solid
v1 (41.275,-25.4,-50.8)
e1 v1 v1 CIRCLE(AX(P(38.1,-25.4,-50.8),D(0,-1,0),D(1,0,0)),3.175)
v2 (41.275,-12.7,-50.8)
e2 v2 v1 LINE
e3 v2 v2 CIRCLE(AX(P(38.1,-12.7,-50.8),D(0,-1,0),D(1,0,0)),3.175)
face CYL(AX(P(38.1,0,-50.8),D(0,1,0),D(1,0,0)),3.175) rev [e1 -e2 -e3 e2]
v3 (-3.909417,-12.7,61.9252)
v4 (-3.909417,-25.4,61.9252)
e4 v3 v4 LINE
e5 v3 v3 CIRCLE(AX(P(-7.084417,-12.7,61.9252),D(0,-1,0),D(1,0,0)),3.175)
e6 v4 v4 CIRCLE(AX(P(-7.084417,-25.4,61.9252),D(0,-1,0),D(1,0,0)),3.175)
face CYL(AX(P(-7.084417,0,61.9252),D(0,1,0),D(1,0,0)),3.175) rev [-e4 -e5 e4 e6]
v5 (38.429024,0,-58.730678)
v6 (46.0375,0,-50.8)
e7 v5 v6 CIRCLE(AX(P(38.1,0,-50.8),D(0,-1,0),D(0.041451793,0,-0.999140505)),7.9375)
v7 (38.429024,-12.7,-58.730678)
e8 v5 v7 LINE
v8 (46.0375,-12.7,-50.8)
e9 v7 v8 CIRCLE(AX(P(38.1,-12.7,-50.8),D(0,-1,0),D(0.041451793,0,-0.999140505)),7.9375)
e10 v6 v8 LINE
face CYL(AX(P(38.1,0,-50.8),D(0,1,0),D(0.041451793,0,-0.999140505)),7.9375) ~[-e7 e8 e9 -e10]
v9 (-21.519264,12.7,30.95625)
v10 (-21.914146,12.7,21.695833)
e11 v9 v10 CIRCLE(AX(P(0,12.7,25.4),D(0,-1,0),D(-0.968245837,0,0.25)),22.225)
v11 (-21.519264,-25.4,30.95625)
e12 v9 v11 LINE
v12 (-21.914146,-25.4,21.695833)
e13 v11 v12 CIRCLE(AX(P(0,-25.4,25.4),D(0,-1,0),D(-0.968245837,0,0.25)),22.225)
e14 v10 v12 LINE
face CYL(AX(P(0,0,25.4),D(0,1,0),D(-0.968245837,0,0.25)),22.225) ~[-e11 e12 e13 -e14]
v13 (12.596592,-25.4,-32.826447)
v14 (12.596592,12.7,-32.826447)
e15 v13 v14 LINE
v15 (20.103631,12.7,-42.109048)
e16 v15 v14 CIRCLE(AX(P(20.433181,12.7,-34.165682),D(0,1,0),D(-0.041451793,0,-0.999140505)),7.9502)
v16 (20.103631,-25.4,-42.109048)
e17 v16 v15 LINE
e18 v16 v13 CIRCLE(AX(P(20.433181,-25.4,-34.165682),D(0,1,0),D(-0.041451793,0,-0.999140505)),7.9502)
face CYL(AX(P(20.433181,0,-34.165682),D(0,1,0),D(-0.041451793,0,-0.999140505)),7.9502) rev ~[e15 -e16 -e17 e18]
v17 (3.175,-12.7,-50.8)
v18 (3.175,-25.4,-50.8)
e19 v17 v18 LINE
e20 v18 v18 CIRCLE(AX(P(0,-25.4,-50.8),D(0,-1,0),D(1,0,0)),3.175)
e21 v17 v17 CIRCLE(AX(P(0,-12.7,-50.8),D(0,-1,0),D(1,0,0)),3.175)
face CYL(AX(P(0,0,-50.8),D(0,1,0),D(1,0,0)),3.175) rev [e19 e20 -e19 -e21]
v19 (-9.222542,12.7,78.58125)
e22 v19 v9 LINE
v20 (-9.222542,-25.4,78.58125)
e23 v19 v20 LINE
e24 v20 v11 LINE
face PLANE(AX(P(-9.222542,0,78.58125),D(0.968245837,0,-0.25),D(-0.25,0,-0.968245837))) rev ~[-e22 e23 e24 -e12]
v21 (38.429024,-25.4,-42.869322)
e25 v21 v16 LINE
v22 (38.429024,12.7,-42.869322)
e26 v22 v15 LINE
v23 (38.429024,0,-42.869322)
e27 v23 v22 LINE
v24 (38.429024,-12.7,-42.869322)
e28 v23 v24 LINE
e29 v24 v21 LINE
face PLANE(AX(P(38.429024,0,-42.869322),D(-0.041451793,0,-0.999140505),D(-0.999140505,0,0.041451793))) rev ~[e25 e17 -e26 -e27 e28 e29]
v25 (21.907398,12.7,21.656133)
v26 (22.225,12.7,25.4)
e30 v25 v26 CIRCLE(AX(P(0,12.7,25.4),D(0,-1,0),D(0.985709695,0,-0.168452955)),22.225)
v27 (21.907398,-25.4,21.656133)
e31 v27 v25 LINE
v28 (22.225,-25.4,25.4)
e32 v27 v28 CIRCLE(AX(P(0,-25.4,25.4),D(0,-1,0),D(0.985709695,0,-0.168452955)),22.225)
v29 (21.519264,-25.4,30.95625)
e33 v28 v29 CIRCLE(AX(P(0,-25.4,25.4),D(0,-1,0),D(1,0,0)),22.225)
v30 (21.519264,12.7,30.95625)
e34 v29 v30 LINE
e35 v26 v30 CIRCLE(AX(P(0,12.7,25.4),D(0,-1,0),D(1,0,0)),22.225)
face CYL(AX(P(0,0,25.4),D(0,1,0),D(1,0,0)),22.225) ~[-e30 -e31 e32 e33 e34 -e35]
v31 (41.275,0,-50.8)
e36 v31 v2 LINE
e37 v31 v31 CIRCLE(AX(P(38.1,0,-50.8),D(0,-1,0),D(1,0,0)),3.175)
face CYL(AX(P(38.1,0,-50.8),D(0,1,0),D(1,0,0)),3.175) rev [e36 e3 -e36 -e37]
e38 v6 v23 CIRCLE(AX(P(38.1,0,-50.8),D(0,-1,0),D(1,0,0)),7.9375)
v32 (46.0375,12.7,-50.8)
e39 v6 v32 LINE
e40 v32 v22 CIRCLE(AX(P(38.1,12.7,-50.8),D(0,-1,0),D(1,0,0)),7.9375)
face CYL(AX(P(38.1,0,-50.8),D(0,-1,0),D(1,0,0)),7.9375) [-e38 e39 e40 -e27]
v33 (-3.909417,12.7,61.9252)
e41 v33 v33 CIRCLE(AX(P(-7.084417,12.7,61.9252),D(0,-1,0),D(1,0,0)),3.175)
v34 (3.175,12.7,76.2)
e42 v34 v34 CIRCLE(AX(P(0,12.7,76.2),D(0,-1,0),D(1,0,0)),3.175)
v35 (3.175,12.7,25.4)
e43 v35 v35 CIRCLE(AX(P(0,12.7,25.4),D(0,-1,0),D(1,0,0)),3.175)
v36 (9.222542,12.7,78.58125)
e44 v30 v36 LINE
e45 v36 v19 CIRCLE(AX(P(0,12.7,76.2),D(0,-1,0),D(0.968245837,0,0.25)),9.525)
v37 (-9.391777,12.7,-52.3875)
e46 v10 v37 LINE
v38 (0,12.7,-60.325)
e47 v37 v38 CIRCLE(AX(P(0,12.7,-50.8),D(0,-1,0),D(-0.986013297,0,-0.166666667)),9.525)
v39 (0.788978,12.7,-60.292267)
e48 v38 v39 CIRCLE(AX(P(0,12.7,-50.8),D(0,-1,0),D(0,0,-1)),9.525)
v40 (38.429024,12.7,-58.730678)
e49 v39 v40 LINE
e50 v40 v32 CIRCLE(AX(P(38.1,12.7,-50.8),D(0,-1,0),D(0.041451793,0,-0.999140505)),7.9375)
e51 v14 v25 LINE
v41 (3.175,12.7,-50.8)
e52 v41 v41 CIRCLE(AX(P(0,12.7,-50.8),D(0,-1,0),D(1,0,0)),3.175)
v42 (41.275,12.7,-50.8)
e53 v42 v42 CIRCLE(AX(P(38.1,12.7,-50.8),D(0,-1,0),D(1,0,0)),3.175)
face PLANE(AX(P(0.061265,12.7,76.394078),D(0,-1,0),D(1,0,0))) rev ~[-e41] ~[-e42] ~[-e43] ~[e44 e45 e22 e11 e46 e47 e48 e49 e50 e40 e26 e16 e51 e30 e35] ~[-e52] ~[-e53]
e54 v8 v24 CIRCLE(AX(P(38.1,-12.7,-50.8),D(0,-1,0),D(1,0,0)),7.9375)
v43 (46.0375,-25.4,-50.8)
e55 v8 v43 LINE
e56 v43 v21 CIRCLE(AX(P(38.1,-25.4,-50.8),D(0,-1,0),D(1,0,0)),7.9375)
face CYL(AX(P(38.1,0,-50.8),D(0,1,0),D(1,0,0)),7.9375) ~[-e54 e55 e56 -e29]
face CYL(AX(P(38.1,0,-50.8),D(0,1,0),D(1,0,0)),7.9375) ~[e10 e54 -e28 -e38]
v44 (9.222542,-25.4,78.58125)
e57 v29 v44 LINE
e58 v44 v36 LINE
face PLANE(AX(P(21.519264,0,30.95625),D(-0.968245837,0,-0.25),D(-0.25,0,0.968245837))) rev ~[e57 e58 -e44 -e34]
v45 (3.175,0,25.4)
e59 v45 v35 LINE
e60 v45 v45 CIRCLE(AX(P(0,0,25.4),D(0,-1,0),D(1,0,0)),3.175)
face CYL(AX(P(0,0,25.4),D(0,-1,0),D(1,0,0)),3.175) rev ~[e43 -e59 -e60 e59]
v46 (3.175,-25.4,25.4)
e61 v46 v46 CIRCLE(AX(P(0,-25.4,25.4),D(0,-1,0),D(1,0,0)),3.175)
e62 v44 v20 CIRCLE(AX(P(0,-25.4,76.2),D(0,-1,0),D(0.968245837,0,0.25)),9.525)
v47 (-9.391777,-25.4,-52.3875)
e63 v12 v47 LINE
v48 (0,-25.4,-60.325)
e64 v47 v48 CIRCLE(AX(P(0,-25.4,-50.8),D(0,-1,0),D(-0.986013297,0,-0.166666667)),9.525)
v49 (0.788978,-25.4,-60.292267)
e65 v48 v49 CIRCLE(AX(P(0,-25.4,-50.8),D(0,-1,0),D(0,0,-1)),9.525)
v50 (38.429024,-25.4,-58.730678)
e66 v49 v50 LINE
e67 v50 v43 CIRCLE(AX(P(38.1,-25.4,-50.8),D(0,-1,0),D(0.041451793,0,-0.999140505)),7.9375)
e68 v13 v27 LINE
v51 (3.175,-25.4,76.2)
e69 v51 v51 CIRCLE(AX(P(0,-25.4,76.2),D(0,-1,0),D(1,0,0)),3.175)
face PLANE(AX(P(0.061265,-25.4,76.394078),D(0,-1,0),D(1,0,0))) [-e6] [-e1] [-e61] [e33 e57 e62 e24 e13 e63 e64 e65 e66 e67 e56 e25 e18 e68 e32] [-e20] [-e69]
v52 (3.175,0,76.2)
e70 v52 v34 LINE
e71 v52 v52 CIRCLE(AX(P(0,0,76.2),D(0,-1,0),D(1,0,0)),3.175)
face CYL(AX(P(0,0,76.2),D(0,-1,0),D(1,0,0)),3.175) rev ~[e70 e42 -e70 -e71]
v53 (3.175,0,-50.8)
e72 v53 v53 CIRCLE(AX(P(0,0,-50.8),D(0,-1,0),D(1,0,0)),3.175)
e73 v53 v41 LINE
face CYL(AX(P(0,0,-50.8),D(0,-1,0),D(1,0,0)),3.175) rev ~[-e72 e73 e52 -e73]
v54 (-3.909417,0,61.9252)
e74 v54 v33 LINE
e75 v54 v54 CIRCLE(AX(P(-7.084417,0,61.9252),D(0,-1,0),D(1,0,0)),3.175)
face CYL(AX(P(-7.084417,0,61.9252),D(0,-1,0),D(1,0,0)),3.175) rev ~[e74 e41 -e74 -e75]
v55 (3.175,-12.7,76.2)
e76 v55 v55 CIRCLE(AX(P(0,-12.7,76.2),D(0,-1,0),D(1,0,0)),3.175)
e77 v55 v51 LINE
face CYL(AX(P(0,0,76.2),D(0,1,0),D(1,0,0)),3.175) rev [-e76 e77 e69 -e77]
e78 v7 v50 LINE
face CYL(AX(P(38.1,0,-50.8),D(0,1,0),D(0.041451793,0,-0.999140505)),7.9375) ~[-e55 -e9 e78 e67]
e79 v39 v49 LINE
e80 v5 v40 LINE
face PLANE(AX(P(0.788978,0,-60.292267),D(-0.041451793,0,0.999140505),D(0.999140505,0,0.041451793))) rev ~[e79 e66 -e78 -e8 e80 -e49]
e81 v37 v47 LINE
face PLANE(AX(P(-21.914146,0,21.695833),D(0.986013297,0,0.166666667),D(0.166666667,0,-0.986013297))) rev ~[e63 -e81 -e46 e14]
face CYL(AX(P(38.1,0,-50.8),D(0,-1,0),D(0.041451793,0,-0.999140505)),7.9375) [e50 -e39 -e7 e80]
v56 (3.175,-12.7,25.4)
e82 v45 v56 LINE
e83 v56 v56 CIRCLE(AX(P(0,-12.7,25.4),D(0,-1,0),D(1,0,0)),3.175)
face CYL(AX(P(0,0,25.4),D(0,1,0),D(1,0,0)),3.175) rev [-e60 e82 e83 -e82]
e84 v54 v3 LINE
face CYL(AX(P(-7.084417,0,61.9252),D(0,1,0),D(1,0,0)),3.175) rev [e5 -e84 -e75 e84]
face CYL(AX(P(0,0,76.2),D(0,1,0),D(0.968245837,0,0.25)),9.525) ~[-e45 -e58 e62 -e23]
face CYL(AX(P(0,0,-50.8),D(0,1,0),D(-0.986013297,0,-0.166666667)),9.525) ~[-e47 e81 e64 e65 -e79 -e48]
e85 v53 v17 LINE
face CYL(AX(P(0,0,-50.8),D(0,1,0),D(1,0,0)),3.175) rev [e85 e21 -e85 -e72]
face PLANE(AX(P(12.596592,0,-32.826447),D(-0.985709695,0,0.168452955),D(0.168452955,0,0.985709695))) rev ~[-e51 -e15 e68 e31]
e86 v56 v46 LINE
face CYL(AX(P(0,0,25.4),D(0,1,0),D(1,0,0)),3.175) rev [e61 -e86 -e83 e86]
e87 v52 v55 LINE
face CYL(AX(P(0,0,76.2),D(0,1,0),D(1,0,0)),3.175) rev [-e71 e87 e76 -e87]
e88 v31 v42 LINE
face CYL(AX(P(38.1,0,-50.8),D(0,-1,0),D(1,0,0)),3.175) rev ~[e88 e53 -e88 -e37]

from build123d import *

# Parameters (mm, degrees)
F0_R     = 3.175
F1_DEPTH = 12.7
F2_DEPTH = 25.4


with BuildPart() as f1:
    # F0 (on Front) → F1 (new body, symmetric)
    with BuildSketch(Plane.XZ):
        with BuildLine():
            ThreePointArc((-9.2225415932, 78.58125), (-1.2001908859, 66.7509171431), (9.525, 76.2))
            ThreePointArc((9.525, 76.2), (9.4490828569, 77.4001908859), (9.2225415932, 78.58125))
            ThreePointArc((9.2225415932, 78.58125), (0, 85.725), (-9.2225415932, 78.58125))
        make_face()
        with Locations((0, 76.2)):
            Circle(F0_R, mode=Mode.SUBTRACT)
        with BuildLine():
            ThreePointArc((9.2225415932, 78.58125), (9.4490828569, 77.4001908859), (9.525, 76.2))
            ThreePointArc((9.525, 76.2), (-1.2001908859, 66.7509171431), (-9.2225415932, 78.58125))
            Line((-9.2225415932, 78.58125), (-21.5192637174, 30.95625))
            ThreePointArc((-21.5192637174, 30.95625), (0, 47.625), (21.5192637174, 30.95625))
            Line((21.5192637174, 30.95625), (9.2225415932, 78.58125))
        make_face()
        with Locations((-7.0844171569, 61.9252)):
            Circle(F0_R, mode=Mode.SUBTRACT)
        with BuildLine():
            ThreePointArc((22.225, 25.4), (22.0478599995, 28.2004454004), (21.5192637174, 30.95625))
            ThreePointArc((21.5192637174, 30.95625), (0, 47.625), (-21.5192637174, 30.95625))
            ThreePointArc((-21.5192637174, 30.95625), (-22.204821299, 26.3468558918), (-21.9141455299, 21.6958333333))
            ThreePointArc((-21.9141455299, 21.6958333333), (-0.0201347951, 3.1750091206), (21.9073979622, 21.6561330786))
            ThreePointArc((21.9073979622, 21.6561330786), (22.1454571494, 23.5213428613), (22.225, 25.4))
        make_face()
        with Locations((0, 25.4)):
            Circle(F0_R, mode=Mode.SUBTRACT)
        with BuildLine():
            ThreePointArc((21.9073979622, 21.6561330786), (-0.0201347951, 3.1750091206), (-21.9141455299, 21.6958333333))
            Line((-21.9141455299, 21.6958333333), (-9.3917766557, -52.3875))
            ThreePointArc((-9.3917766557, -52.3875), (-0.7965401292, -41.3083642704), (9.525, -50.8))
            ThreePointArc((9.525, -50.8), (7.0085890152, -57.2502174394), (0.7889779495, -60.2922673158))
            Line((0.7889779495, -60.2922673158), (38.4290236064, -58.730677759))
            ThreePointArc((38.4290236064, -58.730677759), (30.1625, -50.8), (38.4290236064, -42.869322241))
            Line((38.4290236064, -42.869322241), (20.1036312885, -42.1090484218))
            ThreePointArc((20.1036312885, -42.1090484218), (14.2515043463, -39.1649364905), (12.5965921187, -32.8264468968))
            Line((12.5965921187, -32.8264468968), (21.9073979622, 21.6561330786))
        make_face()
        with BuildLine():
            ThreePointArc((9.525, -50.8), (-0.7965401292, -41.3083642704), (-9.3917766557, -52.3875))
            ThreePointArc((-9.3917766557, -52.3875), (-6.1483610621, -58.0748389157), (0, -60.325))
            Line((0, -60.325), (0.7889779495, -60.2922673158))
            ThreePointArc((0.7889779495, -60.2922673158), (7.0085890152, -57.2502174394), (9.525, -50.8))
        make_face()
        with Locations((0, -50.8)):
            Circle(F0_R, mode=Mode.SUBTRACT)
        with BuildLine():
            Line((0.7889779495, -60.2922673158), (0, -60.325))
            ThreePointArc((0, -60.325), (0.3948283277, -60.3168133107), (0.7889779495, -60.2922673158))
        make_face()
        with BuildLine():
            ThreePointArc((46.0375, -50.8), (43.8278063482, -45.3048984826), (38.4290236064, -42.869322241))
            ThreePointArc((38.4290236064, -42.869322241), (30.1625, -50.8), (38.4290236064, -58.730677759))
            ThreePointArc((38.4290236064, -58.730677759), (43.8278063482, -56.2951015174), (46.0375, -50.8))
        make_face()
        with Locations((38.1, -50.8)):
            Circle(F0_R, mode=Mode.SUBTRACT)
    extrude(amount=F1_DEPTH, both=True)

    # F0 (on Front) → F2 (join)
    with BuildSketch(Plane.XZ):
        with BuildLine():
            ThreePointArc((-9.2225415932, 78.58125), (-1.2001908859, 66.7509171431), (9.525, 76.2))
            ThreePointArc((9.525, 76.2), (9.4490828569, 77.4001908859), (9.2225415932, 78.58125))
            ThreePointArc((9.2225415932, 78.58125), (0, 85.725), (-9.2225415932, 78.58125))
        make_face()
        with Locations((0, 76.2)):
            Circle(F0_R, mode=Mode.SUBTRACT)
        with BuildLine():
            ThreePointArc((9.2225415932, 78.58125), (9.4490828569, 77.4001908859), (9.525, 76.2))
            ThreePointArc((9.525, 76.2), (-1.2001908859, 66.7509171431), (-9.2225415932, 78.58125))
            Line((-9.2225415932, 78.58125), (-21.5192637174, 30.95625))
            ThreePointArc((-21.5192637174, 30.95625), (0, 47.625), (21.5192637174, 30.95625))
            Line((21.5192637174, 30.95625), (9.2225415932, 78.58125))
        make_face()
        with Locations((-7.0844171569, 61.9252)):
            Circle(F0_R, mode=Mode.SUBTRACT)
        with BuildLine():
            ThreePointArc((22.225, 25.4), (22.0478599995, 28.2004454004), (21.5192637174, 30.95625))
            ThreePointArc((21.5192637174, 30.95625), (0, 47.625), (-21.5192637174, 30.95625))
            ThreePointArc((-21.5192637174, 30.95625), (-22.204821299, 26.3468558918), (-21.9141455299, 21.6958333333))
            ThreePointArc((-21.9141455299, 21.6958333333), (-0.0201347951, 3.1750091206), (21.9073979622, 21.6561330786))
            ThreePointArc((21.9073979622, 21.6561330786), (22.1454571494, 23.5213428613), (22.225, 25.4))
        make_face()
        with Locations((0, 25.4)):
            Circle(F0_R, mode=Mode.SUBTRACT)
        with BuildLine():
            ThreePointArc((21.9073979622, 21.6561330786), (-0.0201347951, 3.1750091206), (-21.9141455299, 21.6958333333))
            Line((-21.9141455299, 21.6958333333), (-9.3917766557, -52.3875))
            ThreePointArc((-9.3917766557, -52.3875), (-0.7965401292, -41.3083642704), (9.525, -50.8))
            ThreePointArc((9.525, -50.8), (7.0085890152, -57.2502174394), (0.7889779495, -60.2922673158))
            Line((0.7889779495, -60.2922673158), (38.4290236064, -58.730677759))
            ThreePointArc((38.4290236064, -58.730677759), (30.1625, -50.8), (38.4290236064, -42.869322241))
            Line((38.4290236064, -42.869322241), (20.1036312885, -42.1090484218))
            ThreePointArc((20.1036312885, -42.1090484218), (14.2515043463, -39.1649364905), (12.5965921187, -32.8264468968))
            Line((12.5965921187, -32.8264468968), (21.9073979622, 21.6561330786))
        make_face()
        with BuildLine():
            ThreePointArc((9.525, -50.8), (-0.7965401292, -41.3083642704), (-9.3917766557, -52.3875))
            ThreePointArc((-9.3917766557, -52.3875), (-6.1483610621, -58.0748389157), (0, -60.325))
            Line((0, -60.325), (0.7889779495, -60.2922673158))
            ThreePointArc((0.7889779495, -60.2922673158), (7.0085890152, -57.2502174394), (9.525, -50.8))
        make_face()
        with Locations((0, -50.8)):
            Circle(F0_R, mode=Mode.SUBTRACT)
        with BuildLine():
            Line((0.7889779495, -60.2922673158), (0, -60.325))
            ThreePointArc((0, -60.325), (0.3948283277, -60.3168133107), (0.7889779495, -60.2922673158))
        make_face()
        with BuildLine():
            ThreePointArc((46.0375, -50.8), (43.8278063482, -45.3048984826), (38.4290236064, -42.869322241))
            ThreePointArc((38.4290236064, -42.869322241), (30.1625, -50.8), (38.4290236064, -58.730677759))
            ThreePointArc((38.4290236064, -58.730677759), (43.8278063482, -56.2951015174), (46.0375, -50.8))
        make_face()
        with Locations((38.1, -50.8)):
            Circle(F0_R, mode=Mode.SUBTRACT)
    extrude(amount=F2_DEPTH)


solid = f1.part
